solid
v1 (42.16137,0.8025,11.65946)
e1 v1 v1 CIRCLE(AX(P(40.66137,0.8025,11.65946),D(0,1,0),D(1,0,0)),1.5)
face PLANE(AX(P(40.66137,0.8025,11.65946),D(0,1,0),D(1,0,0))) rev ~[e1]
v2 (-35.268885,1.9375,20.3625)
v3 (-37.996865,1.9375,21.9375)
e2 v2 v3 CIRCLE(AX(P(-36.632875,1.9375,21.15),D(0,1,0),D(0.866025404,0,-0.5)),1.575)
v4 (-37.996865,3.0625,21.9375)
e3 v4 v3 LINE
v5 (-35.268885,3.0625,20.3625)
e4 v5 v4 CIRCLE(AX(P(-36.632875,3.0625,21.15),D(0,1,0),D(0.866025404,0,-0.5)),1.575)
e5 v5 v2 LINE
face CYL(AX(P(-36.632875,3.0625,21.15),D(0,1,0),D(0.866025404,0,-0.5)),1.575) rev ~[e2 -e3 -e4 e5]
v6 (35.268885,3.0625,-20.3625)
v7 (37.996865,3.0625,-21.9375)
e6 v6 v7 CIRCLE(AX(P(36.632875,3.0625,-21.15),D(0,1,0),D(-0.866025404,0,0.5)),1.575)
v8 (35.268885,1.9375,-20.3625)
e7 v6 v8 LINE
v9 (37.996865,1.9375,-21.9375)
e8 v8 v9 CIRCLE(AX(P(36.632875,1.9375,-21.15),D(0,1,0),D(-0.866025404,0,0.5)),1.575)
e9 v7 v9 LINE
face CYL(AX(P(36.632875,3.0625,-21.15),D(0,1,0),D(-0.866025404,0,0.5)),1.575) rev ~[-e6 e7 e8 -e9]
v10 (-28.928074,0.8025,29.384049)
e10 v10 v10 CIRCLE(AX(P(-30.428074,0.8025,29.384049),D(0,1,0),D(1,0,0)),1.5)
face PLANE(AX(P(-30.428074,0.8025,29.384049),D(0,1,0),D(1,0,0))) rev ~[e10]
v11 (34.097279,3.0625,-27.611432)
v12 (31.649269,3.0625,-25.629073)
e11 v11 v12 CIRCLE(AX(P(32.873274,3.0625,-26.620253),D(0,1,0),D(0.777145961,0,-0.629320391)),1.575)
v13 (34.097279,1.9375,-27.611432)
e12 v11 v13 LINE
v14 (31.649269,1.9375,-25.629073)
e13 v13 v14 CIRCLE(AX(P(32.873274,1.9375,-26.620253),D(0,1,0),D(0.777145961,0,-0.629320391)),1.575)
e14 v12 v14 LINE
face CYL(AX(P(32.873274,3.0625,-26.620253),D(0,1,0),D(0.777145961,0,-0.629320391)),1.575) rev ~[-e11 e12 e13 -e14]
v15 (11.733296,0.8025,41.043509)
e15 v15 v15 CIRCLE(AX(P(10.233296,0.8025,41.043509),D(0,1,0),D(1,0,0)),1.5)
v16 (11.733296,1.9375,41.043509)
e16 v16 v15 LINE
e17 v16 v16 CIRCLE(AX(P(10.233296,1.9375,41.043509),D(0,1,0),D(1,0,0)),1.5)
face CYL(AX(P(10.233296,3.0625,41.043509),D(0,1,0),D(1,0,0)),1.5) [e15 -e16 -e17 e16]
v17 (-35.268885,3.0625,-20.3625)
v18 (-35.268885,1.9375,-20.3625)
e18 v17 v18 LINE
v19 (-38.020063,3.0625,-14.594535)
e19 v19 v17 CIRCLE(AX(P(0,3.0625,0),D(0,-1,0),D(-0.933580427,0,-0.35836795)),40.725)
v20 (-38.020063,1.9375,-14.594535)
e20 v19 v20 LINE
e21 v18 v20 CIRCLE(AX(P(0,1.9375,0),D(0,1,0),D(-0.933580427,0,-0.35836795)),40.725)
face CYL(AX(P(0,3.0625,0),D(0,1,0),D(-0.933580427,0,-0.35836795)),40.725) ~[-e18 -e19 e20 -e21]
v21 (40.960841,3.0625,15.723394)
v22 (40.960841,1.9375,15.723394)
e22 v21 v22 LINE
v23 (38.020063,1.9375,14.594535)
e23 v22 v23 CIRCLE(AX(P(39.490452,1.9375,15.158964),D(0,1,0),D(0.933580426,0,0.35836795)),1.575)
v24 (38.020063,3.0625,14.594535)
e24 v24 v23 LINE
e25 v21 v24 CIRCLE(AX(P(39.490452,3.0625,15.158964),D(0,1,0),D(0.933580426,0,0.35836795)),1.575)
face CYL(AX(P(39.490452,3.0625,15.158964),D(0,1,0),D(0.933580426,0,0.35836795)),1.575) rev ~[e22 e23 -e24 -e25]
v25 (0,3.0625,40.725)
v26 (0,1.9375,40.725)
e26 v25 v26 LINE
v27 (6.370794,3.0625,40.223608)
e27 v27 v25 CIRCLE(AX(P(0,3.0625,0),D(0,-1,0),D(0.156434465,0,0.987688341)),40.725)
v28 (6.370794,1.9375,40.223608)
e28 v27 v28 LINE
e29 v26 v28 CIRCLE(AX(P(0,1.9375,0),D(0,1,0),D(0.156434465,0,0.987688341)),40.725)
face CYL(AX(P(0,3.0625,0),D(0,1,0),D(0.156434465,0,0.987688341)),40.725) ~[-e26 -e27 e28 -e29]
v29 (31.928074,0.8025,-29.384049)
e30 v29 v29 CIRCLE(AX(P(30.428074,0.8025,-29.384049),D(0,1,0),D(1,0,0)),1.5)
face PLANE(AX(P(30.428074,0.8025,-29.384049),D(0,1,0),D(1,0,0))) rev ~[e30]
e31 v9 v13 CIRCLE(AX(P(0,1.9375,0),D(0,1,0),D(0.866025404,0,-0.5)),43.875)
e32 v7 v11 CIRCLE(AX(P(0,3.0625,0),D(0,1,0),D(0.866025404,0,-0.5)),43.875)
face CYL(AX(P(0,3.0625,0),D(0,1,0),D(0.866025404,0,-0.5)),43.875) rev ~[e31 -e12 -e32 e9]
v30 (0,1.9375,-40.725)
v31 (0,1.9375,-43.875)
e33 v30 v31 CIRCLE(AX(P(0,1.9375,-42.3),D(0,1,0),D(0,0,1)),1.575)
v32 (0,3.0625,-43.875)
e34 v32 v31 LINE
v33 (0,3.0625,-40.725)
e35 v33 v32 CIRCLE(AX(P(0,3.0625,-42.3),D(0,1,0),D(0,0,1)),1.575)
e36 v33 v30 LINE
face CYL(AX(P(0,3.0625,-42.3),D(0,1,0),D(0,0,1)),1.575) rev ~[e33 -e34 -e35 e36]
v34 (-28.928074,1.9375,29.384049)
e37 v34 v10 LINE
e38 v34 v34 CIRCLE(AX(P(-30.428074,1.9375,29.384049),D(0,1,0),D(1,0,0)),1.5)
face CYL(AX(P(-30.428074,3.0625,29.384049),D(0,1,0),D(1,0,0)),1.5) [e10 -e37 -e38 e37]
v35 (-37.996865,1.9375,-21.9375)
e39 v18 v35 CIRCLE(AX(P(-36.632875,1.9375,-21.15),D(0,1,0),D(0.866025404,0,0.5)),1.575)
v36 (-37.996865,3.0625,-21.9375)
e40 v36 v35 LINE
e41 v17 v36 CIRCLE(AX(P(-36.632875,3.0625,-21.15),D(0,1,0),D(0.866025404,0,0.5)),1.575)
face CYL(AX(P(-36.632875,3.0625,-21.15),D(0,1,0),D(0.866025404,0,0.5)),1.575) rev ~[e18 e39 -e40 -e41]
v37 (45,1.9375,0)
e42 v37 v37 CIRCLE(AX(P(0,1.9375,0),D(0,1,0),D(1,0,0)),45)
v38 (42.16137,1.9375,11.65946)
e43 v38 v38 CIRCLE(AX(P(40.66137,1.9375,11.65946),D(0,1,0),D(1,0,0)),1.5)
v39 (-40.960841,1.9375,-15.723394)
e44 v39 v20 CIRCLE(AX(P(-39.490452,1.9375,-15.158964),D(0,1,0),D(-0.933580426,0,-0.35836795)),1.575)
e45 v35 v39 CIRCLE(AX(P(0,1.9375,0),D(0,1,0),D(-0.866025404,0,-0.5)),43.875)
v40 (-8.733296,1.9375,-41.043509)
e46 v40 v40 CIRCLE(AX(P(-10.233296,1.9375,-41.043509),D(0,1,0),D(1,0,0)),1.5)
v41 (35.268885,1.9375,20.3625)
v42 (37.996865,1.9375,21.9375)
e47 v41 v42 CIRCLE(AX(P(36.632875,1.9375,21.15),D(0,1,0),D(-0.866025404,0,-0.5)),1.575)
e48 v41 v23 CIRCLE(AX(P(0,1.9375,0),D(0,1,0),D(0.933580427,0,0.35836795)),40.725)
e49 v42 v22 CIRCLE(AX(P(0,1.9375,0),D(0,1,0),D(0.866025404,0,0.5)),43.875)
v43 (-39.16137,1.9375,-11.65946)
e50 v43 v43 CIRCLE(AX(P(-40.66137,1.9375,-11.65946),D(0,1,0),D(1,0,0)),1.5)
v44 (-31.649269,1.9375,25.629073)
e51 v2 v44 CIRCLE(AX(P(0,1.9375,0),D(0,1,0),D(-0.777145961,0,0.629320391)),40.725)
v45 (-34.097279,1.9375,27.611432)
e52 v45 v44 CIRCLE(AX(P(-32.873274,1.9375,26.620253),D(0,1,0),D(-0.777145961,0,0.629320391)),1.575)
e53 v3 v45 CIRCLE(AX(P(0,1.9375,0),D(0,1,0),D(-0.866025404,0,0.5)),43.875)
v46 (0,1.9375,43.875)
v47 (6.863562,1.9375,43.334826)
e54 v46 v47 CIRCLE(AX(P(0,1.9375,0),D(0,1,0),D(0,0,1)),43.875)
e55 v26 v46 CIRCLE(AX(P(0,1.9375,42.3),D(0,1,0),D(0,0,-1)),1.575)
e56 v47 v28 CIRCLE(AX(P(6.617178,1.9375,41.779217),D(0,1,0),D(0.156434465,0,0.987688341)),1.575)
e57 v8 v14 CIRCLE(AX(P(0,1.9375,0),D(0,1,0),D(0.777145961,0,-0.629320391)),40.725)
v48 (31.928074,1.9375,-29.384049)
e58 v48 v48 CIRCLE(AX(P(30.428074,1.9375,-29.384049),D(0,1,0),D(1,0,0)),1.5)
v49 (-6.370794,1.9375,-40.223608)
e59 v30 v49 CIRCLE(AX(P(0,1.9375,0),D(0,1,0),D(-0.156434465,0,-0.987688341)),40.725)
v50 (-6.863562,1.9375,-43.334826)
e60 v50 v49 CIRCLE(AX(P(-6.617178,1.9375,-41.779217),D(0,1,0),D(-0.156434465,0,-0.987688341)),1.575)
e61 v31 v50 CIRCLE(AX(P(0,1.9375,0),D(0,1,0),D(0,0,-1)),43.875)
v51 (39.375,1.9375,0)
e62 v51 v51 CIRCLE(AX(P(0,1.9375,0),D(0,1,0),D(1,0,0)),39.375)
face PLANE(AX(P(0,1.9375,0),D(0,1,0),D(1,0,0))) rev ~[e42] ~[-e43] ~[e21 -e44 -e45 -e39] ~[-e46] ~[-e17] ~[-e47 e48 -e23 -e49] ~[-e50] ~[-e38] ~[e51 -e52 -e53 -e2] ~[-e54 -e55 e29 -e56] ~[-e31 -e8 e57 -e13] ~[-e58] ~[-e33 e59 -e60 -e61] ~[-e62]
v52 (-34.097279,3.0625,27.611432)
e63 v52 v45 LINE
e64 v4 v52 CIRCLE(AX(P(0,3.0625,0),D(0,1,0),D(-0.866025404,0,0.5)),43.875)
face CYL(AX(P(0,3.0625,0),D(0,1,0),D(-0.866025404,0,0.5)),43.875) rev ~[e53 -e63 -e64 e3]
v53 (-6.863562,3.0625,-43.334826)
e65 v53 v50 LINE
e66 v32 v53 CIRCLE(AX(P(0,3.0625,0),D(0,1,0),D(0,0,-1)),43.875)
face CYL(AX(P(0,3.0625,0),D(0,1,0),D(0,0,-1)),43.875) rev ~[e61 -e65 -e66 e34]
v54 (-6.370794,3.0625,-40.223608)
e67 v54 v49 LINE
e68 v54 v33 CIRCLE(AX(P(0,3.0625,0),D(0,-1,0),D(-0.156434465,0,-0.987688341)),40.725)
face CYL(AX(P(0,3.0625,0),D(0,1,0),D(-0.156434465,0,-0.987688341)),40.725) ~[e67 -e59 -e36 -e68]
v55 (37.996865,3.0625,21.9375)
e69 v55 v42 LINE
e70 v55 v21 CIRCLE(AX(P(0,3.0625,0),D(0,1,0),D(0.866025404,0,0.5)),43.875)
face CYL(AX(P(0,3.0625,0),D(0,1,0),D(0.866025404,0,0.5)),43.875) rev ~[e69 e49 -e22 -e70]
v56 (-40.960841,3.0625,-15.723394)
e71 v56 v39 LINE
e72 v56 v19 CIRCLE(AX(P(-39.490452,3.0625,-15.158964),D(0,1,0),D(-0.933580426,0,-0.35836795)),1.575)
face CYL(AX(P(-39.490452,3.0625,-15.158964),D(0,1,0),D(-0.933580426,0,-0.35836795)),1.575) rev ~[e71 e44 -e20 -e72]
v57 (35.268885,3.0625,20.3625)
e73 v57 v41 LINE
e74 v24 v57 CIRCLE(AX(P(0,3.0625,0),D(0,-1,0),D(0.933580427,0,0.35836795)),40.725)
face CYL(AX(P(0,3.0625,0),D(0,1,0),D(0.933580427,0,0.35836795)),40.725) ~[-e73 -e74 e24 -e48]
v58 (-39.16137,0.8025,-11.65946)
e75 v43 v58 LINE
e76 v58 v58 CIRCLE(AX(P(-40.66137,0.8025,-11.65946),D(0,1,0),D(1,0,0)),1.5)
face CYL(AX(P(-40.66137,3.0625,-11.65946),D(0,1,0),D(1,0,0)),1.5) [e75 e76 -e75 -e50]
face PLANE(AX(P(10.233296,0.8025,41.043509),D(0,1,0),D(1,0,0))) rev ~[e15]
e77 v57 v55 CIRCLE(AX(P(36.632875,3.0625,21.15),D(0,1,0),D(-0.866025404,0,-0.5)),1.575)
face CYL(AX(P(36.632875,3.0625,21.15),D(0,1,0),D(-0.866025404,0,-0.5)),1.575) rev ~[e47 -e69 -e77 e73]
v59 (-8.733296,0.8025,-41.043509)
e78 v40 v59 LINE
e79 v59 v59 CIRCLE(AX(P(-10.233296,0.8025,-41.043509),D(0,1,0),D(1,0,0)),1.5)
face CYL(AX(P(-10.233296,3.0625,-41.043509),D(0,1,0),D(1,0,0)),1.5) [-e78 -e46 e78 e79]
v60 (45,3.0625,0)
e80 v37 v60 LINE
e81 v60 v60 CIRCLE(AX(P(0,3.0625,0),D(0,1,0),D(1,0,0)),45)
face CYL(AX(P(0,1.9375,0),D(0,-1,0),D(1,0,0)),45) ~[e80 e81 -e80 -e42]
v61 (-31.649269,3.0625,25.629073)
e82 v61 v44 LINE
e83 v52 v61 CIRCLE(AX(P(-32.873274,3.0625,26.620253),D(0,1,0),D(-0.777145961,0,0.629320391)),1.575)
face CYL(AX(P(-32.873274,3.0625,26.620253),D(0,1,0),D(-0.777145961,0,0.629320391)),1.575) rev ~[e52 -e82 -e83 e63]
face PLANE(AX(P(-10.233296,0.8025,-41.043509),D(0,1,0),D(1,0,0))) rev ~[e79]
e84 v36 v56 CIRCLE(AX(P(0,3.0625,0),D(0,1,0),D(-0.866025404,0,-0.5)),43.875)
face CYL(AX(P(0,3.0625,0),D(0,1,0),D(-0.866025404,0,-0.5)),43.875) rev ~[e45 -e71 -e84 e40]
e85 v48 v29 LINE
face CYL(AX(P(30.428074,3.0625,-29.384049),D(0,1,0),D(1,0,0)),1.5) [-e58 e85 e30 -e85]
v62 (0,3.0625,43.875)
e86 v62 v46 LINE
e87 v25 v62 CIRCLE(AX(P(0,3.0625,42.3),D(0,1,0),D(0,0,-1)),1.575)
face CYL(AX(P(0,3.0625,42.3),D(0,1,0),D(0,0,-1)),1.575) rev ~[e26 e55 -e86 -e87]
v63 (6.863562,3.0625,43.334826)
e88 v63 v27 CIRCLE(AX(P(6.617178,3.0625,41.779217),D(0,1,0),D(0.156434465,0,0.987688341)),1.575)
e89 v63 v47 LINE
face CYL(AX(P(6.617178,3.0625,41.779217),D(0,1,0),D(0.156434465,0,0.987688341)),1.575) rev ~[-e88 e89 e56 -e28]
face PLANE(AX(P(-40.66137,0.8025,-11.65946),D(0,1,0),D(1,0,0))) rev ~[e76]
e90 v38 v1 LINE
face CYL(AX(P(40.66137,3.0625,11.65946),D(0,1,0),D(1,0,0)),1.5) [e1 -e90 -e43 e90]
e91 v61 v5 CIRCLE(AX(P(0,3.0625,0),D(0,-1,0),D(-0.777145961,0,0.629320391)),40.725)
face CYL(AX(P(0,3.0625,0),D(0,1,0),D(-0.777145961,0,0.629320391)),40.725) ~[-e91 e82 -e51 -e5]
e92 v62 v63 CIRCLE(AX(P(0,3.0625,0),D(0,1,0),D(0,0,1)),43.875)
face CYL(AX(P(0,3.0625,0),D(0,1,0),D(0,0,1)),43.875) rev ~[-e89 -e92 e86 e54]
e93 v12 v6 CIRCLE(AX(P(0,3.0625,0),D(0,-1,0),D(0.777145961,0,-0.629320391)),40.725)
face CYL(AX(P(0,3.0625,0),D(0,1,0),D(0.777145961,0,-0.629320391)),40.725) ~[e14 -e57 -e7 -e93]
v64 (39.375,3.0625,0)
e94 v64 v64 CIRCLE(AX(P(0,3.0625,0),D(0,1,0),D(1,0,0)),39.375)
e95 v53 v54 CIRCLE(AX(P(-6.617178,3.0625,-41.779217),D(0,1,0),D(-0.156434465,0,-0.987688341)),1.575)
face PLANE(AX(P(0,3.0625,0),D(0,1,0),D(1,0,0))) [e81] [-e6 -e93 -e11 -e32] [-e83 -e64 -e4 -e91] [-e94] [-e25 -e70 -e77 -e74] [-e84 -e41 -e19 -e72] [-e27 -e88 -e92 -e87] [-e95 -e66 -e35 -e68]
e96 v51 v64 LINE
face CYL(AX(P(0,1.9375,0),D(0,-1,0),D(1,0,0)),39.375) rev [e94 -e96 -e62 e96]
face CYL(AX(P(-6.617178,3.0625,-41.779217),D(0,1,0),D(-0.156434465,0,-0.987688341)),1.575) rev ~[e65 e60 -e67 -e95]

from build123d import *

# Parameters (mm, degrees)
SKETCH1_R           = 200
SKETCH1_R_2         = 175
BOSS_EXTRUDE1_DEPTH = 5
SKETCH2_R           = 2
CUT_EXTRUDE1_DEPTH  = 21
CIRPATTERN1_COUNT   = 6
SCALE1_SCALE        = 0.225
SKETCH3_R           = 1.5
BOSS_EXTRUDE2_DEPTH = 2.26


with BuildPart() as part:
    # Sketch1 → Boss-Extrude1 (new body)
    with BuildSketch(Plane(origin=(0, 0, 0), x_dir=(1, 0, 0), z_dir=(0, 1, 0))):
        Circle(SKETCH1_R)
        Circle(SKETCH1_R_2, mode=Mode.SUBTRACT)
    extrude(amount=BOSS_EXTRUDE1_DEPTH)

    # Sketch2 → Cut-Extrude1 (cut)
    with BuildSketch(Plane(origin=(0, 5, 0), x_dir=(1, 0, 0), z_dir=(0, 1, 0))):
        with Locations((-45.481316373, 182.41559654)):
            Circle(SKETCH2_R)
        with BuildLine():
            ThreePointArc((0, 195), (-15.299523667, 194.398880078), (-30.504720683, 192.599226416))
            ThreePointArc((-30.504720683, 192.599226416), (-36.323497812, 184.590366777), (-28.314638172, 178.771589648))
            ThreePointArc((-28.314638172, 178.771589648), (-14.201096327, 180.442037406), (0, 181))
            ThreePointArc((0, 181), (7, 188), (0, 195))
        make_face()
    cut_extrude1 = extrude(amount=-CUT_EXTRUDE1_DEPTH, mode=Mode.SUBTRACT)

    # CirPattern1: Cut-Extrude1 ×6 about axis
    cirpattern1_axis = Axis((0, 0, 0), (0, 1, 0))
    for i in range(1, CIRPATTERN1_COUNT):
        add(cut_extrude1.rotate(cirpattern1_axis, i * 360 / CIRPATTERN1_COUNT), mode=Mode.SUBTRACT)


with BuildPart() as part_1:
    # Scale1: scaled about (0, 2.5, 0)
    add(part.part.scale(SCALE1_SCALE).moved(Location((0, 1.9375, 0))))

    # Sketch3 → Boss-Extrude2 (add)
    with BuildSketch(Plane(origin=(0, 3.0625, 0), x_dir=(1, 0, 0), z_dir=(0, 1, 0))):
        with Locations((-10.233296184, 41.043509221)):
            Circle(SKETCH3_R)
        with Locations((30.428073554, 29.38404907)):
            Circle(SKETCH3_R)
        with Locations((40.661369738, -11.659460151)):
            Circle(SKETCH3_R)
        with Locations((10.233296184, -41.043509221)):
            Circle(SKETCH3_R)
        with Locations((-30.428073554, -29.38404907)):
            Circle(SKETCH3_R)
        with Locations((-40.661369738, 11.659460151)):
            Circle(SKETCH3_R)
    extrude(amount=-BOSS_EXTRUDE2_DEPTH)


solid = part_1.part
